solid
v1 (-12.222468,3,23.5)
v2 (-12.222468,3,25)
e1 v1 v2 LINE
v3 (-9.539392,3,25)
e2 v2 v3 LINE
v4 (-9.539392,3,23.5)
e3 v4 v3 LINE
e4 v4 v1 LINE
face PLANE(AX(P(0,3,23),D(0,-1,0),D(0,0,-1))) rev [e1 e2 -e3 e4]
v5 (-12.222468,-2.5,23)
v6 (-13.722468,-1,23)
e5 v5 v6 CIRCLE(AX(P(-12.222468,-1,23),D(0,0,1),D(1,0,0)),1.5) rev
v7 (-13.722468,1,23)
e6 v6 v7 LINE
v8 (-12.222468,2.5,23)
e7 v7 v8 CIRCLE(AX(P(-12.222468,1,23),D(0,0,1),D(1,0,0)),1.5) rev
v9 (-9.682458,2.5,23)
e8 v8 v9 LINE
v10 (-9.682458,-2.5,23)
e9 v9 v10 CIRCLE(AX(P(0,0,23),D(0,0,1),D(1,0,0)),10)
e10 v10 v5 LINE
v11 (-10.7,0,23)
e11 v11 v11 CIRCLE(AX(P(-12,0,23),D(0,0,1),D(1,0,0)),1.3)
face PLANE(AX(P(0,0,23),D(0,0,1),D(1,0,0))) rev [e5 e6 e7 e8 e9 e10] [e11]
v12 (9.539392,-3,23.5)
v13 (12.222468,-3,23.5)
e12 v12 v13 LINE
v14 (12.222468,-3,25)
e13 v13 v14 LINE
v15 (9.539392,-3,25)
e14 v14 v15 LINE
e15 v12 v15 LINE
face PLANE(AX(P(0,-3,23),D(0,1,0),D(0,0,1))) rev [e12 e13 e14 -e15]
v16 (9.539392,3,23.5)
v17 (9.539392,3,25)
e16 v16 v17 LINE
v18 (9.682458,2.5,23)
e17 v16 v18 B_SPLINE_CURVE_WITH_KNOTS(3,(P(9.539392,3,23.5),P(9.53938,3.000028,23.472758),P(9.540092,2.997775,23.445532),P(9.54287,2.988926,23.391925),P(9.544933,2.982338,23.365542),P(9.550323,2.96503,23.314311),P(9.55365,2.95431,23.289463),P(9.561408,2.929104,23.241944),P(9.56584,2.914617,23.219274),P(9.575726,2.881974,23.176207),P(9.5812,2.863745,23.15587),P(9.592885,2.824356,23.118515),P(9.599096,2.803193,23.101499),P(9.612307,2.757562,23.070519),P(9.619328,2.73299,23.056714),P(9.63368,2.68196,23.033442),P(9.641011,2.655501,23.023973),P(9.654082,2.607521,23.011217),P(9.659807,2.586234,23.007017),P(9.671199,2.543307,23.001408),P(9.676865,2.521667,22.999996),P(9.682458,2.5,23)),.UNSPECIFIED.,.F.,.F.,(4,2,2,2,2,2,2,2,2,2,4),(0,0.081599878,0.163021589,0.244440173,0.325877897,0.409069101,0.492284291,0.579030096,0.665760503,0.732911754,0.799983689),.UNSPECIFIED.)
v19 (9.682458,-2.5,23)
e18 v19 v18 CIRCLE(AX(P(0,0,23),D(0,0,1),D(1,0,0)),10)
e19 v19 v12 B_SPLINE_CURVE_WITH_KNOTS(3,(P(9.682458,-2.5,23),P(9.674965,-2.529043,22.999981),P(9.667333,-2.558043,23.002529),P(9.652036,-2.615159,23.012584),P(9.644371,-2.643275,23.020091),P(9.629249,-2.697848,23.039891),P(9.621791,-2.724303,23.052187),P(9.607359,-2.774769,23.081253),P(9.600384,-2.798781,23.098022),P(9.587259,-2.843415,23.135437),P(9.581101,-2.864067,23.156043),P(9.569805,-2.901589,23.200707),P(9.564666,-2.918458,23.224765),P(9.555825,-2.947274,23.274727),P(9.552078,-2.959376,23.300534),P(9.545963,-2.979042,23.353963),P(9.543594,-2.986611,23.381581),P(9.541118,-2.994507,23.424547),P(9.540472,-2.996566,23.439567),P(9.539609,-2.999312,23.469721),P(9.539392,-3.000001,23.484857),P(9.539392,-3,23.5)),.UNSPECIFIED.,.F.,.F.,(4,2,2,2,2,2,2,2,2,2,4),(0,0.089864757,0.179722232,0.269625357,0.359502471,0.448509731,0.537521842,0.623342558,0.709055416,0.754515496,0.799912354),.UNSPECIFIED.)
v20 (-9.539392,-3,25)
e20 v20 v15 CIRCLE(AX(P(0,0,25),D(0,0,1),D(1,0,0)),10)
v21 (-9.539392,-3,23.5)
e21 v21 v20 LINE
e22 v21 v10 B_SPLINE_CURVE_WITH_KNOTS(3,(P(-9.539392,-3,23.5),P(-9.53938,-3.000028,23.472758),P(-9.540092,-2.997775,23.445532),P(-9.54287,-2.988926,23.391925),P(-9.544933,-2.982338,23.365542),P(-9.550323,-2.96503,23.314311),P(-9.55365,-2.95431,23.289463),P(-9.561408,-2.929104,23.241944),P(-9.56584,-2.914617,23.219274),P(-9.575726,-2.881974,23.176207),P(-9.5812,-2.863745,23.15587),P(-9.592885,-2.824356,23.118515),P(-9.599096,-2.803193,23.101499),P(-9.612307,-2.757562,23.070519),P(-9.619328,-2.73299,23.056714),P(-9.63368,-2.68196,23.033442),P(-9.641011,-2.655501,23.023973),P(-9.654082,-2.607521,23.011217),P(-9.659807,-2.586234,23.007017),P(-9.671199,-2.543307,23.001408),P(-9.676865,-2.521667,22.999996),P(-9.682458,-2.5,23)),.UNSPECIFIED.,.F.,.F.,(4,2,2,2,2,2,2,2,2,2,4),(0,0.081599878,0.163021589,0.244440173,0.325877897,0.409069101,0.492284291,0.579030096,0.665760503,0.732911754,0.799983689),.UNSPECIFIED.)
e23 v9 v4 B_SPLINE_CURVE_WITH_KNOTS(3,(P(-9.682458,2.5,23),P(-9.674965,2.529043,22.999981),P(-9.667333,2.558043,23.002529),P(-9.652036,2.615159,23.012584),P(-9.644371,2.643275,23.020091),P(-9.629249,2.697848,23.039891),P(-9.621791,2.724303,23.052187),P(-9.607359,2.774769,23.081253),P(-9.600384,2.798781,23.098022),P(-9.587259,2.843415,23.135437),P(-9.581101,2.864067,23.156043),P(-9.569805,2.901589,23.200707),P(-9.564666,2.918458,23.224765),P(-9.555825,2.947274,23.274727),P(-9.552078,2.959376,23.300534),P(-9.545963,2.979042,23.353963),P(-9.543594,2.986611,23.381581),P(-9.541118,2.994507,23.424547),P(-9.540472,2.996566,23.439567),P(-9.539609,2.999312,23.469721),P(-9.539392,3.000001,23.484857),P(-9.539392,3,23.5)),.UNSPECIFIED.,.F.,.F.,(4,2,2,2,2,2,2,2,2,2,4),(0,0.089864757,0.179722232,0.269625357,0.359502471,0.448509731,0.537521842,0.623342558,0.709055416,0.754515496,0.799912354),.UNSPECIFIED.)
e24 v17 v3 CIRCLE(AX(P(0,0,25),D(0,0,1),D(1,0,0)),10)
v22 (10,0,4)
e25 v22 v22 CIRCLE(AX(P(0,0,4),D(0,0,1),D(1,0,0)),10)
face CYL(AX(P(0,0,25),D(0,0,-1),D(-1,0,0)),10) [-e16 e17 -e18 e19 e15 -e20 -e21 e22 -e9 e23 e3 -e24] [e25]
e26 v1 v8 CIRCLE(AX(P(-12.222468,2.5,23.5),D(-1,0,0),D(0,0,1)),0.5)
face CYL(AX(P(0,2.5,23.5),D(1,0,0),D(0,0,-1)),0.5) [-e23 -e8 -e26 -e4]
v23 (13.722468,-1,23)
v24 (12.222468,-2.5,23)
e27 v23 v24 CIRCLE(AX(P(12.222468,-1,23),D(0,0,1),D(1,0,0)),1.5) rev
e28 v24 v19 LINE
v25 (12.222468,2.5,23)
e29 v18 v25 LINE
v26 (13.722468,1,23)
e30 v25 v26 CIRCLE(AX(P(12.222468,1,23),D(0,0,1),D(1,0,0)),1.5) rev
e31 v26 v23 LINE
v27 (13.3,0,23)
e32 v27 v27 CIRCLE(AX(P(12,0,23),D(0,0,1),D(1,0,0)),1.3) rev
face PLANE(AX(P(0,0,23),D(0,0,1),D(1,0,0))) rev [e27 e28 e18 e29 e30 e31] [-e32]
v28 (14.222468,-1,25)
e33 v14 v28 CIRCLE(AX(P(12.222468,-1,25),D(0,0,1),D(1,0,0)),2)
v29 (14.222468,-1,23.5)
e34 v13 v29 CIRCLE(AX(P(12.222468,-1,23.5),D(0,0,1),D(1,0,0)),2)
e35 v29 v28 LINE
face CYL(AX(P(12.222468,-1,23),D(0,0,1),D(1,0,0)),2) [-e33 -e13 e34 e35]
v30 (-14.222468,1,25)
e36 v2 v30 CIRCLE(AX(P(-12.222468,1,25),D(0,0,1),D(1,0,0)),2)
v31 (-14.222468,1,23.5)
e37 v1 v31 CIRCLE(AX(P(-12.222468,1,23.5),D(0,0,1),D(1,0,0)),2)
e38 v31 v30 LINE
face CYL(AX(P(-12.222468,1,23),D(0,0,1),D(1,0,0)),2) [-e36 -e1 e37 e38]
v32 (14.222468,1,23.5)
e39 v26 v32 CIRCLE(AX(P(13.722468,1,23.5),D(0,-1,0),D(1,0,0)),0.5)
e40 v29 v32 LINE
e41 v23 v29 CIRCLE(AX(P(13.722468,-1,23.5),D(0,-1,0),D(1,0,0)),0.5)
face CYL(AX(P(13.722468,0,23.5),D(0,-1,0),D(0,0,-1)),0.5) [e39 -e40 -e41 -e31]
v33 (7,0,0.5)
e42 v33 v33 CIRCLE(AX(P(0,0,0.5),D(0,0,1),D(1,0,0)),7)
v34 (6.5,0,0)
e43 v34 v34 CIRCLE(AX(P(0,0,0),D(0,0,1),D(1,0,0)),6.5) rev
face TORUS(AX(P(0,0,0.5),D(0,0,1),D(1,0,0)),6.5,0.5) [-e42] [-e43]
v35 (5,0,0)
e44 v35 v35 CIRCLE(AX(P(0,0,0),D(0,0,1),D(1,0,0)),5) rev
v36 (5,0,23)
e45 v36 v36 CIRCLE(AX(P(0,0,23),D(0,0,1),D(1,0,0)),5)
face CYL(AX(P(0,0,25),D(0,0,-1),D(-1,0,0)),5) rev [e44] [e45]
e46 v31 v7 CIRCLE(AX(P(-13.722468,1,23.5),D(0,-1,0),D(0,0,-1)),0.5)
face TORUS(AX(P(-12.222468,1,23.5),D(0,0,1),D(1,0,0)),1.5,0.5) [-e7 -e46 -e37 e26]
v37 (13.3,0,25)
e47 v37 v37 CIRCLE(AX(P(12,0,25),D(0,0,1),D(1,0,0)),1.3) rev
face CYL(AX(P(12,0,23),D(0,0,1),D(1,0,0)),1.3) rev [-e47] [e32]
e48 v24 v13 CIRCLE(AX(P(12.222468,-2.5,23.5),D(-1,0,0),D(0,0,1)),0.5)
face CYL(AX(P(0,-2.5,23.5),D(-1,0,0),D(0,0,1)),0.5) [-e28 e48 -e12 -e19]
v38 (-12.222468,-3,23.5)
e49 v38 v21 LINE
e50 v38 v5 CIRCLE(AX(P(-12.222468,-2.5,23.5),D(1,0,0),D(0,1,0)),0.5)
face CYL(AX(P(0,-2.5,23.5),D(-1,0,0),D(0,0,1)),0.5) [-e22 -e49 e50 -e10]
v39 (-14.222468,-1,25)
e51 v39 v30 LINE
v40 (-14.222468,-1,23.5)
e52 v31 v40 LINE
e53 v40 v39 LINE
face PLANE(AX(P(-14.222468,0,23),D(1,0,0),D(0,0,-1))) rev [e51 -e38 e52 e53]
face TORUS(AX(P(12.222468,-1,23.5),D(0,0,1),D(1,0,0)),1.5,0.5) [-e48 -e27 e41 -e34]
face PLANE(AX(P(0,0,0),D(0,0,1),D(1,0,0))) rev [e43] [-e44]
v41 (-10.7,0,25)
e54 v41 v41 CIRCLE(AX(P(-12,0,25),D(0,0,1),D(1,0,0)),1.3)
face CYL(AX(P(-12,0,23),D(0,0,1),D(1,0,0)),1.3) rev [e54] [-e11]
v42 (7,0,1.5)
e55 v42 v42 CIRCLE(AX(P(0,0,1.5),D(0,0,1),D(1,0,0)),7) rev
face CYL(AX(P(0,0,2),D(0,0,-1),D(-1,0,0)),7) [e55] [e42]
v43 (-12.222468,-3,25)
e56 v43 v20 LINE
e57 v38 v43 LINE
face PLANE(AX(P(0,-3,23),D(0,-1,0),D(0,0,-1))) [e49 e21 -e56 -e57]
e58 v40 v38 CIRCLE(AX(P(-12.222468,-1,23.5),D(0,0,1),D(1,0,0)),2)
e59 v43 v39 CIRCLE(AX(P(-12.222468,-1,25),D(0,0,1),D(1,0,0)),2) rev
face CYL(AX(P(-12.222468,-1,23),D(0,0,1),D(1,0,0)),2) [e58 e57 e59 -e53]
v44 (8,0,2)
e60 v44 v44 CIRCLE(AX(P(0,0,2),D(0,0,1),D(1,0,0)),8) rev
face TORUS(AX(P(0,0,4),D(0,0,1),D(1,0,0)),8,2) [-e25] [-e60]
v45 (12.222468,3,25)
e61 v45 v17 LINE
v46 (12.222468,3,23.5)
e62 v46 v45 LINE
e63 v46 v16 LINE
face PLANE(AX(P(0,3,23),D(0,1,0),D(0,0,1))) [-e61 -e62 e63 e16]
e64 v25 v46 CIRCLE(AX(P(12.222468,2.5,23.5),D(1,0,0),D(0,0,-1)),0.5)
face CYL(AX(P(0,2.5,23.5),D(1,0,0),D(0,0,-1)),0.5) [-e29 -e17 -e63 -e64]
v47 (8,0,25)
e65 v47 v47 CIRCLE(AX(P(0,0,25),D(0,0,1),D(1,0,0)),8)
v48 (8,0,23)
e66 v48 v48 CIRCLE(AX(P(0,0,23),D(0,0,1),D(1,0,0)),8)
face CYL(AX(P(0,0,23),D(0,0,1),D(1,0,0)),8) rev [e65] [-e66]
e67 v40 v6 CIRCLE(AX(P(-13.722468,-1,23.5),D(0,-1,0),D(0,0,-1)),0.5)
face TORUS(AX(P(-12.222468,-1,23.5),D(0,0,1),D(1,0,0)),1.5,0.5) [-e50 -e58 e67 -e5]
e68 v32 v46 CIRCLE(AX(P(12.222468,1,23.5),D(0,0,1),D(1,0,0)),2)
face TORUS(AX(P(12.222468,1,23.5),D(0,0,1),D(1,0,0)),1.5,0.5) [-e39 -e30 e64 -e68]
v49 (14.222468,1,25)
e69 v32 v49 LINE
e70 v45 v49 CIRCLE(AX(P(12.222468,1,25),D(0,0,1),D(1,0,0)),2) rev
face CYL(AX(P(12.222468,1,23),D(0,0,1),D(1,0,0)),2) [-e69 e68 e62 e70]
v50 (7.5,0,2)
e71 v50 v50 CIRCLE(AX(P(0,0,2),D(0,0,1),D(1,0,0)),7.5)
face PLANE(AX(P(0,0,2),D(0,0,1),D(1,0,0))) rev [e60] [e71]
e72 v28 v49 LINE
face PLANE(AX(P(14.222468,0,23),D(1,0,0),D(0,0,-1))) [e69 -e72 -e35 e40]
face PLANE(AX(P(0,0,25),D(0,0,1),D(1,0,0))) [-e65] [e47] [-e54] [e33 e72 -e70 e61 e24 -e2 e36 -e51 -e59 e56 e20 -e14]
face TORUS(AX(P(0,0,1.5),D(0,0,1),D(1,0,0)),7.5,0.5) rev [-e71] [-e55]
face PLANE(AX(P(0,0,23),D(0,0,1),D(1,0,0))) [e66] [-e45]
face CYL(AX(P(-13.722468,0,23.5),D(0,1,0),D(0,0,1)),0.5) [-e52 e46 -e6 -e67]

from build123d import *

# Parameters (mm, degrees)
SKETCH1_R               = 10
BOSS_EXTRUDE1_DEPTH     = 25
SKETCH1_3_R             = 5
CUT_EXTRUDE2_DEPTH      = 26
CUT_EXTRUDE2_DEPTH_BACK = 25
SKETCH1_7_R             = 10
SKETCH1_7_R_2           = 7
SKETCH1_7_R_3           = 5
CUT_EXTRUDE3_DEPTH      = 2
SKETCH5_R               = 8
CUT_EXTRUDE4_DEPTH      = 2
SKETCH6_R               = 1.3
BOSS_EXTRUDE2_DEPTH     = 2
FILLET1_R               = 2
FILLET2_R               = 0.5


with BuildPart() as part:
    # Sketch1 → Boss-Extrude1 (new body)
    with BuildSketch(Plane.XY):
        Circle(SKETCH1_R)
    extrude(amount=BOSS_EXTRUDE1_DEPTH)

    # Sketch1<3> → Cut-Extrude2 (cut, two sides)
    with BuildSketch(Plane.XY) as cut_extrude2_sk:
        Circle(SKETCH1_3_R)
    extrude(amount=CUT_EXTRUDE2_DEPTH, mode=Mode.SUBTRACT)
    extrude(cut_extrude2_sk.sketch, amount=-CUT_EXTRUDE2_DEPTH_BACK, mode=Mode.SUBTRACT)

    # Sketch1<7> → Cut-Extrude3 (cut)
    with BuildSketch(Plane.XY):
        Circle(SKETCH1_7_R)
        Circle(SKETCH1_7_R_2, mode=Mode.SUBTRACT)
        Circle(SKETCH1_7_R_3)
    extrude(amount=CUT_EXTRUDE3_DEPTH, mode=Mode.SUBTRACT)

    # Sketch5 → Cut-Extrude4 (cut)
    with BuildSketch(Plane.XY.offset(25)):
        Circle(SKETCH5_R)
    extrude(amount=-CUT_EXTRUDE4_DEPTH, mode=Mode.SUBTRACT)

    # Sketch6 → Boss-Extrude2 (add)
    with BuildSketch(Plane.XY.offset(25)):
        with BuildLine():
            Line((-14.222467655, 1), (-14.222467655, -1))
            ThreePointArc((-14.222467655, -1), (-13.636681217, -2.414213562), (-12.222467655, -3))
            Line((-12.222467655, -3), (-9.539392014, -3))
            ThreePointArc((-9.539392014, -3), (-10, 0), (-9.539392014, 3))
            Line((-9.539392014, 3), (-12.222467655, 3))
            ThreePointArc((-12.222467655, 3), (-13.636681217, 2.414213562), (-14.222467655, 1))
        make_face()
        with Locations((-12, 0)):
            Circle(SKETCH6_R, mode=Mode.SUBTRACT)
        with BuildLine():
            ThreePointArc((10, 0), (9.884177258, -1.517576993), (9.539392014, -3))
            Line((9.539392014, -3), (12.222467655, -3))
            ThreePointArc((12.222467655, -3), (13.636681217, -2.414213562), (14.222467655, -1))
            Line((14.222467655, -1), (14.222467655, 1))
            ThreePointArc((14.222467655, 1), (13.636681217, 2.414213562), (12.222467655, 3))
            Line((12.222467655, 3), (9.539392014, 3))
            ThreePointArc((9.539392014, 3), (9.884177258, 1.517576993), (10, 0))
        make_face()
        with Locations((12, 0)):
            Circle(SKETCH6_R, mode=Mode.SUBTRACT)
    extrude(amount=-BOSS_EXTRUDE2_DEPTH)

    # Fillet1
    fillet1_edges = [part.edges().sort_by_distance(p)[0] for p in [
        (-10, 0, 2),
    ]]
    fillet(fillet1_edges, radius=FILLET1_R)

    # Fillet2
    fillet2_edges = [part.edges().sort_by_distance(p)[0] for p in [
        (-7, 0, 2),
        (-7, 0, 0),
        (-13.636681217, 2.414213562, 23),
        (-10.880929834, -3, 23),
        (-13.636681217, -2.414213562, 23),
        (-14.222467655, 0, 23),
        (-10.880929834, 3, 23),
        (14.222467655, 0, 23),
        (13.636681217, -2.414213562, 23),
        (10.880929834, 3, 23),
        (13.636681217, 2.414213562, 23),
        (10.880929834, -3, 23),
    ]]
    fillet(fillet2_edges, radius=FILLET2_R)


solid = part.part
